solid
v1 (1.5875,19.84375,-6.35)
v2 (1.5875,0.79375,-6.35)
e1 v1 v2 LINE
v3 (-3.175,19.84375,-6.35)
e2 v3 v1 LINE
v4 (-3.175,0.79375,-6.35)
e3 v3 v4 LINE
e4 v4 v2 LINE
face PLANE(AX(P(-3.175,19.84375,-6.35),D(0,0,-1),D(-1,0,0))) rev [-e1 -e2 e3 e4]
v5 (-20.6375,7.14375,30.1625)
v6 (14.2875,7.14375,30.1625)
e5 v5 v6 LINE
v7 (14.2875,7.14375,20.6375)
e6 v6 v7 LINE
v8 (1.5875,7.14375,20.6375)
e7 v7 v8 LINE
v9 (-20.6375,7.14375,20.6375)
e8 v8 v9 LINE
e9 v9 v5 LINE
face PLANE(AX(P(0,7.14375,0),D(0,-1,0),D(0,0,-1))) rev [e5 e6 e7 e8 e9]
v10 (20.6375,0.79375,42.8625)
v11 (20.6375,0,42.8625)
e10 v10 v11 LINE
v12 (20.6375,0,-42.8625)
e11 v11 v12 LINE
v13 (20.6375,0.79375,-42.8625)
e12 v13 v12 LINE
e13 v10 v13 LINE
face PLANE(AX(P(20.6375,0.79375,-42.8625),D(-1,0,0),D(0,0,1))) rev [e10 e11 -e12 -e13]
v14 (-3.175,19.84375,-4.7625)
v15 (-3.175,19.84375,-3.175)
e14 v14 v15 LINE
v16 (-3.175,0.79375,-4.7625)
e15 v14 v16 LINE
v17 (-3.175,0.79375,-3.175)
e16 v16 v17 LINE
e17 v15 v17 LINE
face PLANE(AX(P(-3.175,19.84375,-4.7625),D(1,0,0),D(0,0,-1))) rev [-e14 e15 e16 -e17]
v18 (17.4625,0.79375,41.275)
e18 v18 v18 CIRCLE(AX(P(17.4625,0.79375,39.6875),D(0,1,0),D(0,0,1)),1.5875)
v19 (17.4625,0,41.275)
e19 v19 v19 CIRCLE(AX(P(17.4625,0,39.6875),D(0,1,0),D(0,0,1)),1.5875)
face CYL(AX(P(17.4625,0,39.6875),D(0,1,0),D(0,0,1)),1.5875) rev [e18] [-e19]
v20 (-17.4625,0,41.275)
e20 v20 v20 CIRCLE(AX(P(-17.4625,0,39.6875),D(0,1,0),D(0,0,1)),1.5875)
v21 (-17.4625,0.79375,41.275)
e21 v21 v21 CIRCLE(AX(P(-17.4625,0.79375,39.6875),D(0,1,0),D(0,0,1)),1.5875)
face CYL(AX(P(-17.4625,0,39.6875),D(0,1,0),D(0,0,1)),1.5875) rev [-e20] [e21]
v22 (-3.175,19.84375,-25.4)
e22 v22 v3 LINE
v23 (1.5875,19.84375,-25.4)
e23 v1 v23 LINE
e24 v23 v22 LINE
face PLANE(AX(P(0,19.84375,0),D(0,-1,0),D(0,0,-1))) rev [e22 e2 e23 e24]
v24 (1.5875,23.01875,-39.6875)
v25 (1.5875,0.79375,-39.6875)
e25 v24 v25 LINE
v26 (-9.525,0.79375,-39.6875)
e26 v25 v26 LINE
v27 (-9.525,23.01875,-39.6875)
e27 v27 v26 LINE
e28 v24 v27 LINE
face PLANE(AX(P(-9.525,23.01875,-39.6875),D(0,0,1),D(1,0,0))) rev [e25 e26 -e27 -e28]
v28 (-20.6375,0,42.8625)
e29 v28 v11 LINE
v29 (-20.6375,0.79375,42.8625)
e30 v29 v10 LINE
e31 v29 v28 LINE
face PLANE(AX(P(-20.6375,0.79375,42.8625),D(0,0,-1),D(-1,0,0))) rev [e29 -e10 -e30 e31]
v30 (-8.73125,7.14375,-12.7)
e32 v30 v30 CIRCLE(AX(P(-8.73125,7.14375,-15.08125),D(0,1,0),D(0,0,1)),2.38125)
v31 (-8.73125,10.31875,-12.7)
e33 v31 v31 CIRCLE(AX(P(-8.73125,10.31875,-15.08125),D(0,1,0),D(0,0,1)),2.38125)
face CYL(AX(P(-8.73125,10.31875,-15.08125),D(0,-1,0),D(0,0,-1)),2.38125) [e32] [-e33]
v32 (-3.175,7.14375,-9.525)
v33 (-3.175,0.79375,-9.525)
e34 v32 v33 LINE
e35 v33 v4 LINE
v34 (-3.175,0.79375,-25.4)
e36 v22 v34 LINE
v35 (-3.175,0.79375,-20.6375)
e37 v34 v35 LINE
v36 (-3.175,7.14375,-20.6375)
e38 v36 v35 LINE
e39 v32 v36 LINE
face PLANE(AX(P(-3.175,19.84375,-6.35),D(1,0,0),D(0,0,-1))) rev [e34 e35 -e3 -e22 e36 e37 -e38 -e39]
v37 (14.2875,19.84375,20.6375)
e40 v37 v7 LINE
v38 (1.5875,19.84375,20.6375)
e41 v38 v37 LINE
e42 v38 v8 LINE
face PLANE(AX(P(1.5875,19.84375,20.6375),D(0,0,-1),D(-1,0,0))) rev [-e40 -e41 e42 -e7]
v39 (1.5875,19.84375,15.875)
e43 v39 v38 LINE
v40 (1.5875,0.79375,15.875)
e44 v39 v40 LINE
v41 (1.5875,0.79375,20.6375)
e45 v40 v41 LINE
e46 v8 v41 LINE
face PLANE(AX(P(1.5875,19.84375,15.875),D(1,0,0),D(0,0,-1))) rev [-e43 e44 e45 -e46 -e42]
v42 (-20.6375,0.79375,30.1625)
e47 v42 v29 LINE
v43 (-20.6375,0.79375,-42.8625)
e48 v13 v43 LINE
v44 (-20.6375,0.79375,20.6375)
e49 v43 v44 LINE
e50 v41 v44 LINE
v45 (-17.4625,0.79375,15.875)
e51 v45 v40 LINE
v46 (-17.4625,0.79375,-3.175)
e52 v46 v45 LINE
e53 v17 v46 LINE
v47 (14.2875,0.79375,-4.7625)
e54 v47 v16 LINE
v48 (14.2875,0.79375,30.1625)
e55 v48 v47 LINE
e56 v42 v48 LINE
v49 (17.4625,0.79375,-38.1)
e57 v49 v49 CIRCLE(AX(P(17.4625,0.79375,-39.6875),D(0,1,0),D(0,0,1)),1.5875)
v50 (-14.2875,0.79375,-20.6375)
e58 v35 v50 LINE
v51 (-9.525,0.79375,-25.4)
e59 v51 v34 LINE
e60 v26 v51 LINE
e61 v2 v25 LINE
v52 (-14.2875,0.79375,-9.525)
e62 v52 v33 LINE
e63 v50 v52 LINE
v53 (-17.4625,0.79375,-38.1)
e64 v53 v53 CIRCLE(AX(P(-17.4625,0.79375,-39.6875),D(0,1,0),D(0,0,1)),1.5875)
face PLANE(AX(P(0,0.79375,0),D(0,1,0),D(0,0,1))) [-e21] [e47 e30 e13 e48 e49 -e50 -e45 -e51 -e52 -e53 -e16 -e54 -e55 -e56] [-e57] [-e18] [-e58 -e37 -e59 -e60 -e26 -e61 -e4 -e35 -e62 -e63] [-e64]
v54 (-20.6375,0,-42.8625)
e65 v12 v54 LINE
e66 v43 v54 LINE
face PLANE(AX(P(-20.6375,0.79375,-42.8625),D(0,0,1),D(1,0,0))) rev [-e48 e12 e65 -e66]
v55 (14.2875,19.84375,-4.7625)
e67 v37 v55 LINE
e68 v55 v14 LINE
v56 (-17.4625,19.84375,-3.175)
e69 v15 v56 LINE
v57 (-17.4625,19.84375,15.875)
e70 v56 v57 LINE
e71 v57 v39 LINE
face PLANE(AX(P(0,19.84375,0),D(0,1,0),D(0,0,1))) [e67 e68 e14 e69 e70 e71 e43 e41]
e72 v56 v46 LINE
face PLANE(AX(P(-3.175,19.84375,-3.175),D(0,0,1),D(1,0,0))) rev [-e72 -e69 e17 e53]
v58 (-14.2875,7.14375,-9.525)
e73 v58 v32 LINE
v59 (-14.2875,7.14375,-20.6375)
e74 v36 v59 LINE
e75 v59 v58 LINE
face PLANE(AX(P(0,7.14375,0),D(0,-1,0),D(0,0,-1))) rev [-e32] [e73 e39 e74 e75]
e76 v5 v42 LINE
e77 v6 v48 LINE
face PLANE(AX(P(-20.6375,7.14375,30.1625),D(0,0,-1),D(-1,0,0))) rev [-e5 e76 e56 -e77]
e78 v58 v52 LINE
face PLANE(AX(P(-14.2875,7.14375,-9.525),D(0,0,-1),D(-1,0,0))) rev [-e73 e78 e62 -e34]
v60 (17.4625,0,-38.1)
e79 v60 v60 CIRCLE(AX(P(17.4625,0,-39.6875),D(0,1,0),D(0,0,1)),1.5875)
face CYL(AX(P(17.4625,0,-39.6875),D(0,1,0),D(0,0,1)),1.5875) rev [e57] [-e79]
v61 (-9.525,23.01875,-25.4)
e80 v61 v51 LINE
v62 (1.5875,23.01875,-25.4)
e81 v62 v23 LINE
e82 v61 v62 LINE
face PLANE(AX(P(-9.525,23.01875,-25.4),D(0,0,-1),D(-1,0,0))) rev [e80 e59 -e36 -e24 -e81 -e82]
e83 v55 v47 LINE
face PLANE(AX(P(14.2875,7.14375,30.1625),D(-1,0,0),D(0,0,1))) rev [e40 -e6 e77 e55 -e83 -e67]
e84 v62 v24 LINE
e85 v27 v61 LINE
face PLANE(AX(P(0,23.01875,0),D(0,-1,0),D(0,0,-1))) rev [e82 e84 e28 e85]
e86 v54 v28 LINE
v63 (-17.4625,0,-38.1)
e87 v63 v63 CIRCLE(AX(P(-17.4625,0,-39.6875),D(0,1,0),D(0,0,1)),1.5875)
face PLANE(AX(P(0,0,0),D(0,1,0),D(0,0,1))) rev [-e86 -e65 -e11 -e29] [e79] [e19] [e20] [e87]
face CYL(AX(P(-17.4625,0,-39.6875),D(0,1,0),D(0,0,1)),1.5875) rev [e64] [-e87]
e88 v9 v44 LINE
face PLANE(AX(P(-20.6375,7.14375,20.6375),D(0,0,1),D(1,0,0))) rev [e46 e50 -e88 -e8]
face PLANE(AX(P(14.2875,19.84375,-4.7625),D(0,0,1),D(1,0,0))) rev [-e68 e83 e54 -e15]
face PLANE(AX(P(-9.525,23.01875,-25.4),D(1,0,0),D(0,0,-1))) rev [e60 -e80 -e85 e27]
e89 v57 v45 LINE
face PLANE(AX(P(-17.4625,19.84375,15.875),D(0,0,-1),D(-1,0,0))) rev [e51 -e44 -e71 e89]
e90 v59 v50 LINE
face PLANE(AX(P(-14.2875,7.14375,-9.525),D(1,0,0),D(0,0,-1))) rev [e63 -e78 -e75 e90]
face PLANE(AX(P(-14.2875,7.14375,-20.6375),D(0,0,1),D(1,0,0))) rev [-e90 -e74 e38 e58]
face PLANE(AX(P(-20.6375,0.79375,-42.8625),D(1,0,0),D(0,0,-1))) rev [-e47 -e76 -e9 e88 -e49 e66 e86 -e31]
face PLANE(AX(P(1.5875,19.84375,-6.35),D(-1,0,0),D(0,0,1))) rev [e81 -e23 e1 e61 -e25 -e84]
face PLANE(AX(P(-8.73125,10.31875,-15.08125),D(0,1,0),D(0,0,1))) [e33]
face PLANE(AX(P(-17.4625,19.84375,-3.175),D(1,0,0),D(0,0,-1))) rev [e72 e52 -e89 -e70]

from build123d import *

# Parameters (mm, degrees)
SKETCH1_W           = 41.275
SKETCH1_H           = 85.725
BOSS_EXTRUDE1_DEPTH = 0.79375
SKETCH2_W           = 34.925
SKETCH2_H           = 9.525
BOSS_EXTRUDE2_DEPTH = 6.35
BOSS_EXTRUDE3_DEPTH = 19.05
SKETCH4_W           = 11.1125
SKETCH4_H           = 11.1125
BOSS_EXTRUDE4_DEPTH = 6.35
SKETCH5_R           = 2.38125
BOSS_EXTRUDE5_DEPTH = 3.175
SKETCH6_W           = 4.7625
SKETCH6_H           = 19.05
BOSS_EXTRUDE6_DEPTH = 19.05
SKETCH7_W           = 11.1125
SKETCH7_H           = 14.2875
BOSS_EXTRUDE7_DEPTH = 22.225
SKETCH8_R           = 1.5875
CUT_EXTRUDE1_DEPTH  = 53.507627422


with BuildPart() as part:
    # Sketch1 → Boss-Extrude1 (new body)
    with BuildSketch(Plane(origin=(0, 0, 0), x_dir=(1, 0, 0), z_dir=(0, 1, 0))):
        Rectangle(SKETCH1_W, SKETCH1_H)
    extrude(amount=BOSS_EXTRUDE1_DEPTH)

    # Sketch2 → Boss-Extrude2 (add)
    with BuildSketch(Plane(origin=(0, 0.79375, 0), x_dir=(1, 0, 0), z_dir=(0, 1, 0))):
        with Locations((-3.175, -25.4)):
            Rectangle(SKETCH2_W, SKETCH2_H)
    extrude(amount=BOSS_EXTRUDE2_DEPTH)

    # Sketch3 → Boss-Extrude3 (add)
    with BuildSketch(Plane(origin=(0, 0.79375, 0), x_dir=(1, 0, 0), z_dir=(0, 1, 0))):
        Polygon((14.2875, -20.6375), (14.2875, 4.7625), (-3.175, 4.7625), (-3.175, 3.175), (-17.4625, 3.175), (-17.4625, -15.875), (1.5875, -15.875), (1.5875, -20.6375), align=None)
    extrude(amount=BOSS_EXTRUDE3_DEPTH)

    # Sketch4 → Boss-Extrude4 (add)
    with BuildSketch(Plane(origin=(0, 0.79375, 0), x_dir=(1, 0, 0), z_dir=(0, 1, 0))):
        with Locations((-8.73125, 15.08125)):
            Rectangle(SKETCH4_W, SKETCH4_H)
    extrude(amount=BOSS_EXTRUDE4_DEPTH)

    # Sketch5 → Boss-Extrude5 (add)
    with BuildSketch(Plane(origin=(0, 7.14375, 0), x_dir=(1, 0, 0), z_dir=(0, 1, 0))):
        with Locations(Location((-8.73125, 15.08125, 0), (0, 0, 270))):
            Circle(SKETCH5_R)
    extrude(amount=BOSS_EXTRUDE5_DEPTH)

    # Sketch6 → Boss-Extrude6 (add)
    with BuildSketch(Plane(origin=(0, 0.79375, 0), x_dir=(1, 0, 0), z_dir=(0, 1, 0))):
        with Locations((-0.79375, 15.875)):
            Rectangle(SKETCH6_W, SKETCH6_H)
    extrude(amount=BOSS_EXTRUDE6_DEPTH)

    # Sketch7 → Boss-Extrude7 (add)
    with BuildSketch(Plane(origin=(0, 0.79375, 0), x_dir=(1, 0, 0), z_dir=(0, 1, 0))):
        with Locations((-3.96875, 32.54375)):
            Rectangle(SKETCH7_W, SKETCH7_H)
    extrude(amount=BOSS_EXTRUDE7_DEPTH)

    # Sketch8 → Cut-Extrude1 (cut, through all)
    with BuildSketch(Plane(origin=(0, 0.79375, 0), x_dir=(1, 0, 0), z_dir=(0, 1, 0))):
        with Locations(Location((-17.4625, 39.6875, 0), (0, 0, 270))):
            Circle(SKETCH8_R)
        with Locations(Location((17.4625, 39.6875, 0), (0, 0, 270))):
            Circle(SKETCH8_R)
        with Locations(Location((-17.4625, -39.6875, 0), (0, 0, 270))):
            Circle(SKETCH8_R)
        with Locations(Location((17.4625, -39.6875, 0), (0, 0, 270))):
            Circle(SKETCH8_R)
    extrude(amount=-CUT_EXTRUDE1_DEPTH, mode=Mode.SUBTRACT)


solid = part.part
